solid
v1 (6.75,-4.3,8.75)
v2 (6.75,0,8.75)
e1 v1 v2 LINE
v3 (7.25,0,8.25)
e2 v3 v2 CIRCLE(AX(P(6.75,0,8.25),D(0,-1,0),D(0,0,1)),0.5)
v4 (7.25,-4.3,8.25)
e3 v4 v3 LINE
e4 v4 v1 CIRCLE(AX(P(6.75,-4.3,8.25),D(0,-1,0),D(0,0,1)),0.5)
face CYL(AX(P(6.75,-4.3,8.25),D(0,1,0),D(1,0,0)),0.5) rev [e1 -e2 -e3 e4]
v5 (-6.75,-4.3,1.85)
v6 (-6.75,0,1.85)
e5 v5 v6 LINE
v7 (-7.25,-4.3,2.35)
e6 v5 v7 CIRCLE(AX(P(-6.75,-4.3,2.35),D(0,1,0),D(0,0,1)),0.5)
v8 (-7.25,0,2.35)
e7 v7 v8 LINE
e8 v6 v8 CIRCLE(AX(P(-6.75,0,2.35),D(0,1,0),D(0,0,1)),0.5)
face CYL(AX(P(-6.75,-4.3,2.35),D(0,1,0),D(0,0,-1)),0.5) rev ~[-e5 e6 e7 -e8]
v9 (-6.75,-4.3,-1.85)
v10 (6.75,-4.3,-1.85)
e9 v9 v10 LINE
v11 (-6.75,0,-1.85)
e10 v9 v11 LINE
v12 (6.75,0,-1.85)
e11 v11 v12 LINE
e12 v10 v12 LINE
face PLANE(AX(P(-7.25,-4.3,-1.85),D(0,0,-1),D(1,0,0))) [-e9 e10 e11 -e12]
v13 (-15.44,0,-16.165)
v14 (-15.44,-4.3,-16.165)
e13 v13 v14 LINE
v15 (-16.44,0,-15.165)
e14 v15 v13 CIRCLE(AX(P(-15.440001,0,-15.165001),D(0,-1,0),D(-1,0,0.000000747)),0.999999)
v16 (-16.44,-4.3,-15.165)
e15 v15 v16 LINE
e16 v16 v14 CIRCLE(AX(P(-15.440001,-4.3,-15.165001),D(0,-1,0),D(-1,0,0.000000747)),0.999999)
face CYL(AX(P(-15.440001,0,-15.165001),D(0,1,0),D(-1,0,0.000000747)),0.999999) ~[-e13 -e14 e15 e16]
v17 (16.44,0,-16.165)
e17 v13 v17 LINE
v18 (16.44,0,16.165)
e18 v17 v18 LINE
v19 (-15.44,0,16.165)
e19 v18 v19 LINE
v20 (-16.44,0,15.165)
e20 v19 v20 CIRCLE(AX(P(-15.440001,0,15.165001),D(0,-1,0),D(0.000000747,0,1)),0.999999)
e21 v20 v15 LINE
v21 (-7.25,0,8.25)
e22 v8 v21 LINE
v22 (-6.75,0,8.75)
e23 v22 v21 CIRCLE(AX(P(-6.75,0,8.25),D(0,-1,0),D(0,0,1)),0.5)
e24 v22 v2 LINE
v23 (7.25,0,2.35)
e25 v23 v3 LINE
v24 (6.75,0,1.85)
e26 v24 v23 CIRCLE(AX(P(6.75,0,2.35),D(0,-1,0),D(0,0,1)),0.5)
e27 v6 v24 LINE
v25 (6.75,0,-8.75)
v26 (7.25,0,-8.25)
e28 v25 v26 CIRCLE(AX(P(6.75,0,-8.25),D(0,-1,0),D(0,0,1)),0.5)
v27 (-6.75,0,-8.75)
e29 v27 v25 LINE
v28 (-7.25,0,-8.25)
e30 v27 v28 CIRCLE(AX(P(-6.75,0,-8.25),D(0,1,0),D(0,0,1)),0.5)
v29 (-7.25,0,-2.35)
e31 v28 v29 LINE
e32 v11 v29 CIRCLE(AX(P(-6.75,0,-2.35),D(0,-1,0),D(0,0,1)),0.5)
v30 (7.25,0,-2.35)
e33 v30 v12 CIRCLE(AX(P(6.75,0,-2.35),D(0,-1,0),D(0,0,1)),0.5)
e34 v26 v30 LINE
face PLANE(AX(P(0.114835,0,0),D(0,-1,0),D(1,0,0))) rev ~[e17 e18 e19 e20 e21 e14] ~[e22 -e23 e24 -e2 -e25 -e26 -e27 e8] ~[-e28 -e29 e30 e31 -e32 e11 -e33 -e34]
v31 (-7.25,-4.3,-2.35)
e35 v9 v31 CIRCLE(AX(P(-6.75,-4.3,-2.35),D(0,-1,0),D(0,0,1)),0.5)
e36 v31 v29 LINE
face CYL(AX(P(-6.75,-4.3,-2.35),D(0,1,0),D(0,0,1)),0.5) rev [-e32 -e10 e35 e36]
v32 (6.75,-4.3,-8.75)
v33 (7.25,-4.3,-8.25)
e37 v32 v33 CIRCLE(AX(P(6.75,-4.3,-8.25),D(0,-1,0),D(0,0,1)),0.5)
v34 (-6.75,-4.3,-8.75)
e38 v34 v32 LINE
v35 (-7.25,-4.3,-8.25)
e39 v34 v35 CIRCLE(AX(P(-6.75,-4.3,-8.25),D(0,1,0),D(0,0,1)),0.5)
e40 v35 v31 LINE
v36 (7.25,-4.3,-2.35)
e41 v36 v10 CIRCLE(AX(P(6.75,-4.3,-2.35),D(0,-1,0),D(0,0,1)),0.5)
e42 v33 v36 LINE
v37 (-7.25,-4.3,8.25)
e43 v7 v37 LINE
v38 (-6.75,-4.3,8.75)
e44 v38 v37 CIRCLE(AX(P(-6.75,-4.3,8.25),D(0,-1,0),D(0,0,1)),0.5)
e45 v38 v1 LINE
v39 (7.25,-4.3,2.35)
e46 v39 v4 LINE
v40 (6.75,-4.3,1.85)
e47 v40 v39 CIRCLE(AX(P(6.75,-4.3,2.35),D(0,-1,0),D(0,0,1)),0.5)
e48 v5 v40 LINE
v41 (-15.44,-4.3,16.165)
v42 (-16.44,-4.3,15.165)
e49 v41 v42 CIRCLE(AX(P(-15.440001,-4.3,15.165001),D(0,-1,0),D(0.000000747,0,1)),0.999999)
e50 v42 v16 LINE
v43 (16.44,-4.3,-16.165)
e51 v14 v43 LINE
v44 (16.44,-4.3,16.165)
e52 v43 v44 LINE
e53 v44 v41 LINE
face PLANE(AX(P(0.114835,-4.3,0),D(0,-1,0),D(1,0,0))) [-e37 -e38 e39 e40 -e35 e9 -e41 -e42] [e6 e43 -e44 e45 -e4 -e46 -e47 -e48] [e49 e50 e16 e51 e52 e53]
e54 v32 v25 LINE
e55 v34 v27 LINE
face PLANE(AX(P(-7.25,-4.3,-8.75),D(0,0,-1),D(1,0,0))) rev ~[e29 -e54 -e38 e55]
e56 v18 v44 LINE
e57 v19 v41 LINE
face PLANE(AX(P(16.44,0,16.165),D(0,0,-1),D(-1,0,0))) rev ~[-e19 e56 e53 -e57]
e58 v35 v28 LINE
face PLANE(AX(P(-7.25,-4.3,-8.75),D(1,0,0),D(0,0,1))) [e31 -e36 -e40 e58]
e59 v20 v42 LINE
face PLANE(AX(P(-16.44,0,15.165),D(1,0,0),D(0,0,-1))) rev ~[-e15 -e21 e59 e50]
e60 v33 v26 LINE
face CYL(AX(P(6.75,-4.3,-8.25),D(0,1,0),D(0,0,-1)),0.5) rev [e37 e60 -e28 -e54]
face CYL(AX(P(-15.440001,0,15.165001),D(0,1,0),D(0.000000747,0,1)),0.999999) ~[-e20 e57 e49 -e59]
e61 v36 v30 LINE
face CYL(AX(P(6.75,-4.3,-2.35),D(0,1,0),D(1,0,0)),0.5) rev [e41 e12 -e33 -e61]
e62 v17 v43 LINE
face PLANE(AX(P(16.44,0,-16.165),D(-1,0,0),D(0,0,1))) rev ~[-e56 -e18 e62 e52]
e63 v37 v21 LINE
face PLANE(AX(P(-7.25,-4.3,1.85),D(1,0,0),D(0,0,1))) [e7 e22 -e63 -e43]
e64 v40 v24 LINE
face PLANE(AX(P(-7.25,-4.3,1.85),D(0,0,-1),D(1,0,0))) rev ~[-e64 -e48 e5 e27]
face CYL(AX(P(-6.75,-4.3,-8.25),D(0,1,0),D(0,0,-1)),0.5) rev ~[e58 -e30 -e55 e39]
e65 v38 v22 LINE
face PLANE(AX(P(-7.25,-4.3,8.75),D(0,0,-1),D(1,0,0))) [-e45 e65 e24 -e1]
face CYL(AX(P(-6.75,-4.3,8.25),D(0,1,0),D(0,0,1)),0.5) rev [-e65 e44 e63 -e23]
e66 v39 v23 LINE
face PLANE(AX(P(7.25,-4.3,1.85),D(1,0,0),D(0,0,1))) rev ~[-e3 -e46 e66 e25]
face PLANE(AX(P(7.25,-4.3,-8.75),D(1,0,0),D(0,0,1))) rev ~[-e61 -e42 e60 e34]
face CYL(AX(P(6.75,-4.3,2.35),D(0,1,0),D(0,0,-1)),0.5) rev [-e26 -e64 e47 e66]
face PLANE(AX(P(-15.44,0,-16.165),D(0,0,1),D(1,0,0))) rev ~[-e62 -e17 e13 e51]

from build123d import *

# Parameters (mm, degrees)
F1_DEPTH = 4.3
F2_W     = 14.5
F2_H     = 6.9
F3_DEPTH = 25
F4_R     = 0.5


with BuildPart() as f1:
    # F0 (on Front) → F1 (new body)
    with BuildSketch(Plane.XZ):
        with BuildLine():
            Line((16.44, -16.165), (16.44, 16.165))
            Line((16.44, 16.165), (-15.44, 16.165))
            ThreePointArc((-15.44, 16.165), (-16.147107, 15.872107), (-16.44, 15.165))
            Line((-16.44, 15.165), (-16.44, -15.165))
            ThreePointArc((-16.44, -15.165), (-16.147107, -15.872107), (-15.44, -16.165))
            Line((-15.44, -16.165), (16.44, -16.165))
        make_face()
    extrude(amount=F1_DEPTH)

    # F2 (on face) → F3 (cut)
    with BuildSketch(Plane.XZ.offset(4.3)):
        with Locations((0, 5.3)):
            Rectangle(F2_W, F2_H)
        with Locations((0, -5.3)):
            Rectangle(F2_W, F2_H)
    extrude(amount=-F3_DEPTH, mode=Mode.SUBTRACT)

    # F4
    f4_edges = [f1.edges().sort_by_distance(p)[0] for p in [
        (7.25, -2.15, 8.75),
        (7.25, -2.15, 1.85),
        (-7.25, -2.15, 1.85),
        (-7.25, -2.15, 8.75),
        (-7.25, -2.15, -1.85),
        (7.25, -2.15, -1.85),
        (7.25, -2.15, -8.75),
        (-7.25, -2.15, -8.75),
    ]]
    fillet(f4_edges, radius=F4_R)


solid = f1.part
